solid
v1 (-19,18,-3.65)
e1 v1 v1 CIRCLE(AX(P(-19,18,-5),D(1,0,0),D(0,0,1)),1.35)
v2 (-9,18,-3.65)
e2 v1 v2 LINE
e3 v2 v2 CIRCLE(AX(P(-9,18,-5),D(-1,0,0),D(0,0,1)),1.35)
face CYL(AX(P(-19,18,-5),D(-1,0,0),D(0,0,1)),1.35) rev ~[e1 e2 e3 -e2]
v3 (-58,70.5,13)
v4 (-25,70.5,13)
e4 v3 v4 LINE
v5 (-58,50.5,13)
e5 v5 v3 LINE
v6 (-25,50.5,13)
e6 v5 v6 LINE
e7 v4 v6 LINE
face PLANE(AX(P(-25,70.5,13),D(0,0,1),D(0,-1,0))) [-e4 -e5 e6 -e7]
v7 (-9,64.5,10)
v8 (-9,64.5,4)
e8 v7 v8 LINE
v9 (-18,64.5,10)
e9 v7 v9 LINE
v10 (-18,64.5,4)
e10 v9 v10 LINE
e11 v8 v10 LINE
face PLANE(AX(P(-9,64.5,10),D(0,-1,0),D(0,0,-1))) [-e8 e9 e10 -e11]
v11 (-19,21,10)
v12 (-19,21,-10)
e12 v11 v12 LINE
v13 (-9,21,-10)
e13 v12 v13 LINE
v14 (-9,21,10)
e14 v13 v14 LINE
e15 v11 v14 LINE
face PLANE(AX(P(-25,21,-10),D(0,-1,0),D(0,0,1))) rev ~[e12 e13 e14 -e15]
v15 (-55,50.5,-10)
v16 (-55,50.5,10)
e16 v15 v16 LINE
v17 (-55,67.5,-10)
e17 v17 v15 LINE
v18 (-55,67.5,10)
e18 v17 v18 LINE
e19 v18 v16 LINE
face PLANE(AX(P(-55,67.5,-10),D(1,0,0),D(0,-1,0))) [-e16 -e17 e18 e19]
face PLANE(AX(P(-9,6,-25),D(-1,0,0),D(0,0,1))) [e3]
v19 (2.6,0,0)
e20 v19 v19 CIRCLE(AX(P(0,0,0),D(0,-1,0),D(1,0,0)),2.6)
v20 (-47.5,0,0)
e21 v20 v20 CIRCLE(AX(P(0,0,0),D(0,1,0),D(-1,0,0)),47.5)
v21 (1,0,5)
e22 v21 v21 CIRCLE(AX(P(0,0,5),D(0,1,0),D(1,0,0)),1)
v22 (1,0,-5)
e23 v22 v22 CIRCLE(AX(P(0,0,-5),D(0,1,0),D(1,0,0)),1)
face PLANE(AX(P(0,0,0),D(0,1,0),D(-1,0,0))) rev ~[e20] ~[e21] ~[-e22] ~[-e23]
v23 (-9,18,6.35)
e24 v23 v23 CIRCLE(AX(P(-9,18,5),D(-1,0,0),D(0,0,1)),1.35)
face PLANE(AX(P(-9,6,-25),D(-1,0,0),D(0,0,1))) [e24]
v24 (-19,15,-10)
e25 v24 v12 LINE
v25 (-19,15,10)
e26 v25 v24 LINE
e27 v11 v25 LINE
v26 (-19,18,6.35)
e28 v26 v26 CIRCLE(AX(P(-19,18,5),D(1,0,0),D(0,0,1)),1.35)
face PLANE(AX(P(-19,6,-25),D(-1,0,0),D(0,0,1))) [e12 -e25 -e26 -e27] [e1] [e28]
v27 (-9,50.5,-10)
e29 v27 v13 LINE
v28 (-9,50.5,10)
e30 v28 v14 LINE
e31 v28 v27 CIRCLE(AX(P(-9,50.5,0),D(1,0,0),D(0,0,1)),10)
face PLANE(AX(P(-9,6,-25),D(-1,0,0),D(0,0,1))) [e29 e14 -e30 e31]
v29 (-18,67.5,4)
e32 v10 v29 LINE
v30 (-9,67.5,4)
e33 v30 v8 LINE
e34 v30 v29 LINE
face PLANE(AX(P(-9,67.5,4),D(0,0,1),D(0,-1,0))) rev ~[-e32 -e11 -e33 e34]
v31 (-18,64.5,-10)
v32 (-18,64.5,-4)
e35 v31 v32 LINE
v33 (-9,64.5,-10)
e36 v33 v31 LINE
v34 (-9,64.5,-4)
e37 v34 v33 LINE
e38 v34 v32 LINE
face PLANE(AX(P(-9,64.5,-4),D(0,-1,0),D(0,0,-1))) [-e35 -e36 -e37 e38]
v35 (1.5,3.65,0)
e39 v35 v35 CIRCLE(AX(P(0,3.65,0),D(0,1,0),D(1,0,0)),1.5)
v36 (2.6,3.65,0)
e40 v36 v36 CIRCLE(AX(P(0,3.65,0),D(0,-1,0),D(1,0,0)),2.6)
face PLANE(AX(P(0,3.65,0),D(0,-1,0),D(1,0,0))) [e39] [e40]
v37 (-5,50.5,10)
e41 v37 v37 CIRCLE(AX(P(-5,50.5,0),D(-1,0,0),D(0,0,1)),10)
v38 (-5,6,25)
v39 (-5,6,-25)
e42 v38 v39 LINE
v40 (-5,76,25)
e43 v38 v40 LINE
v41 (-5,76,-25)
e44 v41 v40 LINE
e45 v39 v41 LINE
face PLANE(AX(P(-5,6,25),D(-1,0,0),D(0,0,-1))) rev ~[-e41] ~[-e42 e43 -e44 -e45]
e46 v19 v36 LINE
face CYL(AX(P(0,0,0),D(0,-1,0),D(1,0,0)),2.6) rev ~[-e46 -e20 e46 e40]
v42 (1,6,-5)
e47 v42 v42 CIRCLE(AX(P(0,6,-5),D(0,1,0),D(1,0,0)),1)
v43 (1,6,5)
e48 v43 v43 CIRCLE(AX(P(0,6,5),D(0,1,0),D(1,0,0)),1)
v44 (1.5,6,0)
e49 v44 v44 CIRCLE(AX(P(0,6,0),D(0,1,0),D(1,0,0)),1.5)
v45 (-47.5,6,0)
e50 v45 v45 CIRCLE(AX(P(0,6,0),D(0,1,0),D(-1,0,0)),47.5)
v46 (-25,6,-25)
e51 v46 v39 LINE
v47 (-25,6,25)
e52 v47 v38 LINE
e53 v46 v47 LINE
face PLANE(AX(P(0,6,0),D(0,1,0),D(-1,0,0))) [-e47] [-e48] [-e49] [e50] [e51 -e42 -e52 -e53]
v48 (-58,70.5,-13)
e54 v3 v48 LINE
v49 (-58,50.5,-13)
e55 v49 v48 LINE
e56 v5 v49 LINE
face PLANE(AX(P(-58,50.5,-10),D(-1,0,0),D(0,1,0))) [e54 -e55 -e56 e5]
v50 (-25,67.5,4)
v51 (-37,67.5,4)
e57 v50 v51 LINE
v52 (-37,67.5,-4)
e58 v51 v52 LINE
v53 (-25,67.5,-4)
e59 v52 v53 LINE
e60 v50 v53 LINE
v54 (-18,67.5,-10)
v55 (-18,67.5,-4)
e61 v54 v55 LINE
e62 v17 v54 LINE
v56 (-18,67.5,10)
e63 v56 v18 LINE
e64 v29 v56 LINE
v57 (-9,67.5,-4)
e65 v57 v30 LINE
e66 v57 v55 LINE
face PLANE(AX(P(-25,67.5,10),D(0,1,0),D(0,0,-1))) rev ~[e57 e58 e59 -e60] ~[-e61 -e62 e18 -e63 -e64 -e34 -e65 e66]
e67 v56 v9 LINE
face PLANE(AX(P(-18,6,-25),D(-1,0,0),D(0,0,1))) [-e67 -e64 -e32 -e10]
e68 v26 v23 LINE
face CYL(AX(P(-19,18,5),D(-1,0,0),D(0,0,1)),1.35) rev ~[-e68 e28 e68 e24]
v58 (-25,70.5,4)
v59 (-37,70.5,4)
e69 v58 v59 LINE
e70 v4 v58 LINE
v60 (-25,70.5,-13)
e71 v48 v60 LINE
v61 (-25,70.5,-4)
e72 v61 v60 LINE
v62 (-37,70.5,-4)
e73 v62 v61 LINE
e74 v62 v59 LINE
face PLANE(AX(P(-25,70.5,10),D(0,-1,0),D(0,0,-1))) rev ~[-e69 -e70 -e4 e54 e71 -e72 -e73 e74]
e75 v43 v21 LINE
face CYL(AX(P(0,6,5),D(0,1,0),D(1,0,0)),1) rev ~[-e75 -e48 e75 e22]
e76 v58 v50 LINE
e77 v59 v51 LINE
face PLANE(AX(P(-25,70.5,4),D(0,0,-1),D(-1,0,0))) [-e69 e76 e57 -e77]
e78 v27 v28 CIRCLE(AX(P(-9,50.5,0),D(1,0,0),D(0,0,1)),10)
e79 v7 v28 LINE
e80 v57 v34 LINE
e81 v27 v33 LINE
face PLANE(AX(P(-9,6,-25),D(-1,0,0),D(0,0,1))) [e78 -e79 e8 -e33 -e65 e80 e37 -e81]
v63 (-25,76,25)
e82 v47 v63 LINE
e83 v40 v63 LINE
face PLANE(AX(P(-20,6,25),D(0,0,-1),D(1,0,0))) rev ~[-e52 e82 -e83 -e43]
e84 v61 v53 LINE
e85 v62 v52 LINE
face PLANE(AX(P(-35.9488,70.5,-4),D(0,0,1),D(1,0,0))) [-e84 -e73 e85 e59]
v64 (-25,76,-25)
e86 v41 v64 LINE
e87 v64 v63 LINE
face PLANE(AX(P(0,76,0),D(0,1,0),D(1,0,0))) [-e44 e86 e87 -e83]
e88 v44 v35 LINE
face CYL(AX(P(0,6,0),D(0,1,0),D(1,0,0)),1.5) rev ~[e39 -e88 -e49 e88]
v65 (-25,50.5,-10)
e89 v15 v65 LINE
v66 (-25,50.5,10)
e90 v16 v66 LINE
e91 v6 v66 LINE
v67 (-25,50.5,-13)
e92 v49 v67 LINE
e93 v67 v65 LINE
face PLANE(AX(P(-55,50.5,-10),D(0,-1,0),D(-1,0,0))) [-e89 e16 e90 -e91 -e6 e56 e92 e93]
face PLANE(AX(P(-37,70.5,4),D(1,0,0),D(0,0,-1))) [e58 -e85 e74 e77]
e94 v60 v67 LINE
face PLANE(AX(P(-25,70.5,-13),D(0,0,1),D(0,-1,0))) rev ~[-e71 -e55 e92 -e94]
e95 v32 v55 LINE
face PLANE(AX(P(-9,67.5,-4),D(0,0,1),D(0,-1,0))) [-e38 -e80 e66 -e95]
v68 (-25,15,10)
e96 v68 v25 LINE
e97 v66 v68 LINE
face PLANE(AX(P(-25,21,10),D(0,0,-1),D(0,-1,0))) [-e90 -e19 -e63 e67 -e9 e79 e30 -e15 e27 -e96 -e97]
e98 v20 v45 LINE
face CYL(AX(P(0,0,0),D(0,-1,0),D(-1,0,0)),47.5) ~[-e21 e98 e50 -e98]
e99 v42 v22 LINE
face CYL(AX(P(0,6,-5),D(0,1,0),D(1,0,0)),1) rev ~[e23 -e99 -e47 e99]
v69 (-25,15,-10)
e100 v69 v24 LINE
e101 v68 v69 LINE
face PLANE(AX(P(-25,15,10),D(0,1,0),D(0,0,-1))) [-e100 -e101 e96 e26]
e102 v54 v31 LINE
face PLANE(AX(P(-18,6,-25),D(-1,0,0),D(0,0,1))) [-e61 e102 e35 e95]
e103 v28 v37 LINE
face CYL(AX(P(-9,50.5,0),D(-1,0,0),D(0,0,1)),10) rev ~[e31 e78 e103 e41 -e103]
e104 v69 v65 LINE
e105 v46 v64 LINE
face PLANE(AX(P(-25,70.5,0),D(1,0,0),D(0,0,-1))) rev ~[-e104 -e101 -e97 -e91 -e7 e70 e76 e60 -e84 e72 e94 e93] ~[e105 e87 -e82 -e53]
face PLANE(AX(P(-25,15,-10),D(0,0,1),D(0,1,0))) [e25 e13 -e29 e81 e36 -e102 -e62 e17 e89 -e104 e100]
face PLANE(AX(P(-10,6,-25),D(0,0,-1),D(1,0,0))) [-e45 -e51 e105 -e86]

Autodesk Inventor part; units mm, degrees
ref_plane "YZ Plane" through (0, 0, 0) normal (1, 0, 0) x (0, 1, 0)
ref_plane "XZ Plane" through (0, 0, 0) normal (0, 1, 0) x (-1, 0, 0)
ref_plane "XY Plane" through (0, 0, 0) normal (0, 0, 1) x (1, 0, 0)
sketch "Sketch1" plane through (0, 0, 0) normal (0, 1, 0) x (-1, 0, 0)
  circle A0 centre (0, 0) radius 47.5
  dimension "d0" = 95
extrude "Extrusion1" add sketch "Sketch1" along normal blind 6
sketch "Sketch2" plane through (0, 6, 0) normal (0, 1, 0) x (1, 0, 0)
  circle A0 centre (0, 0) radius 10
  circle A1 centre (0, 5) radius 1
  circle A2 centre (0, -5) radius 1
  dimension "d3" = 20
  dimension "d4" = 2
  dimension "d5" = 2
extrude "Extrusion2" cut sketch "Sketch2" against normal blind 23.4625 contours A1 | A2
sketch "Sketch3" plane through (0, 0, 0) normal (0, -1, 0) x (1, 0, 0)
  circle A0 centre (0, 0) radius 10
sketch "Sketch4" plane through (0, 6, 0) normal (0, 1, 0) x (1, 0, 0)
  line L0 (0, 0) -> (-10, 0)
  line L1 (-10, 0) -> (-10, 25)
  line L2 (-10, 25) -> (0, 25)
  line L3 (0, 25) -> (0, 0)
  line L4 (0, 0) -> (-5, 0)
  line L5 (-5, 0) -> (-5, 25)
  line L6 (-5, 25) -> (0, 25)
  line L7 (0, 25) -> (0, 0)
  line L8 (-5, 25) -> (-20, 25)
  line L9 (-20, 25) -> (-20, -25)
  line L10 (-20, -25) -> (-5, -25)
  line L11 (-5, -25) -> (-5, 25)
  line L12 (-5, 25) -> (-25, 25)
  line L13 (-25, 25) -> (-25, -25)
  line L14 (-25, -25) -> (-5, -25)
  line L15 (-5, -25) -> (-5, 25)
  dimension "d9" = 10
  dimension "d10" = 25
  dimension "d11" = 15
  dimension "d12" = 50
  dimension "d13" = 20
extrude "Extrusion3" add sketch "Sketch4" along normal blind 70 contours L11 L10 L9 L8 L1 L0 | L0 L1 L2 L5 | L14 L13 L12 L9
sketch "Sketch5" plane through (-25, 6, -25) normal (-1, 0, 0) x (0, 0, 1)
  line L0 (0, 0) -> (0, 70) projected
  line L1 (50, 0) -> (50, 70) projected
  line L2 (0, 70) -> (50, 70)
  line L3 (50, 70) -> (50, 0)
  line L4 (50, 0) -> (0, 0)
  line L5 (0, 0) -> (0, 70)
  line L6 (50, 70) -> (0, 70) projected
  line L7 (72.5, 0) -> (-22.5, 0) projected
  line L8 (0, 70) -> (25, 70)
  line L9 (25, 70) -> (25, 0)
  line L10 (25, 0) -> (0, 0)
  line L11 (0, 0) -> (0, 70)
  line L12 (25, 35) -> (15, 35)
  line L13 (15, 35) -> (15, 15)
  line L14 (15, 15) -> (25, 15)
  line L15 (25, 15) -> (25, 35)
  line L16 (15, 35) -> (25, 35)
  line L17 (25, 35) -> (25, 55)
  line L18 (25, 55) -> (15, 55)
  line L19 (15, 55) -> (15, 35)
  line L20 (15, 15) -> (35, 15)
  line L21 (35, 15) -> (35, 55)
  line L22 (35, 55) -> (15, 55)
  line L23 (15, 55) -> (15, 15)
  line L24 (15, 15) -> (35, 15)
  line L25 (35, 15) -> (35, 55.5)
  line L26 (35, 55.5) -> (15, 55.5)
  line L27 (15, 55.5) -> (15, 15)
  point P0 (25, -6)
  dimension "d16" = 10
  dimension "d17" = 20
  dimension "d18" = 20
  dimension "d19" = 20
  dimension "d20" = 40.5
extrude "Extrusion4" cut sketch "Sketch5" against normal blind 16 contours L14 L13 L12 L9 | L9 L22 L21 L20 | L26 L25 L22 L9 | L9 L18 L27 L26 | L12 L19 L18 L9
sketch "Sketch6" plane through (-25, 6, -25) normal (-1, 0, 0) x (0, 0, 1)
  line L0 (35, 15) -> (15, 15) projected
  line L1 (15, 15) -> (35, 15)
  line L2 (35, 15) -> (35, 9)
  line L3 (35, 9) -> (15, 9)
  line L4 (15, 9) -> (15, 15)
  line L5 (15, 55.5) -> (35, 55.5) projected
  line L6 (15, 55.5) -> (35, 55.5)
  line L7 (35, 55.5) -> (35, 61.5)
  line L8 (35, 61.5) -> (15, 61.5)
  line L9 (15, 61.5) -> (15, 55.5)
  point P0 (25, -6)
  dimension "d23" = 6
  dimension "d24" = 6
extrude "Extrusion5" cut sketch "Sketch6" against normal blind 6
sketch "Sketch7" plane through (-19, 6, -25) normal (-1, 0, 0) x (0, 0, 1)
  line L0 (35, 9) -> (15, 9) projected
  line L1 (35, 61.5) -> (35, 9) projected
  line L2 (15, 9) -> (35, 9)
  line L3 (35, 9) -> (35, 11.6)
  line L4 (35, 11.6) -> (15, 11.6)
  line L5 (15, 11.6) -> (15, 9)
  line L6 (15, 55.5) -> (15, 61.5) projected
  line L7 (35, 61.5) -> (35, 55.5) projected
  line L8 (15, 61.5) -> (35, 61.5)
  line L9 (35, 61.5) -> (35, 58.5)
  line L10 (35, 58.5) -> (15, 58.5)
  line L11 (15, 58.5) -> (15, 61.5)
  line L12 (15, 9) -> (15, 61.5) projected
  line L13 (15, 9) -> (35, 9)
  line L14 (35, 9) -> (35, 12)
  line L15 (35, 12) -> (15, 12)
  line L16 (15, 12) -> (15, 9)
  line L17 (35, 15) -> (15, 15) projected
  line L18 (25, 15) -> (20, 15)
  line L19 (20, 15) -> (20, 12)
  line L20 (20, 12) -> (25, 12)
  line L21 (25, 12) -> (25, 15)
  line L22 (25, 15) -> (30, 15)
  line L23 (30, 15) -> (30, 12)
  line L24 (30, 12) -> (25, 12)
  line L25 (25, 12) -> (25, 15)
  line L26 (15, 61.5) -> (35, 61.5) projected
  line L27 (25, 58.5) -> (20, 58.5)
  line L28 (20, 58.5) -> (20, 61.5)
  line L29 (20, 61.5) -> (25, 61.5)
  line L30 (25, 61.5) -> (25, 58.5)
  line L31 (25, 58.5) -> (30, 58.5)
  line L32 (30, 58.5) -> (30, 61.5)
  line L33 (30, 61.5) -> (25, 61.5)
  line L34 (25, 61.5) -> (25, 58.5)
  circle A0 centre (20, 12) radius 1.35
  circle A1 centre (30, 12) radius 1.35
  circle A2 centre (20, 58.5) radius 1.35
  circle A3 centre (30, 58.5) radius 1.35
  point P0 (25, -6)
  dimension "d27" = 2.6
  dimension "d28" = 3
  dimension "d29" = 3
  dimension "d30" = 5
  dimension "d31" = 5
  dimension "d32" = 2.7
  dimension "d33" = 2.7
  dimension "d34" = 2.7
  dimension "d35" = 2.7
extrude "Extrusion6" cut sketch "Sketch7" against normal blind 10 contours A1 L4 | L4 A1 L15 | A0 L15 L4 | L4 A0 | L15 L23 A1 | A0 L19 L15 | L15 A1 L23 | L15 L19 A0 | A3 L10 | L10 L32 A3 | A2 L28 L10 | L10 A2 | L10 A3 L32 | L28 A2 L10
thread "Thread1" size "M3x0.5" class "6H" standard "ANSI Metric M Profile" full length
thread "Thread2" size "M3x0.5" class "6H" standard "ANSI Metric M Profile" full length
thread "Thread3" size "M3x0.5" class "6H" standard "ANSI Metric M Profile" full length
thread "Thread4" size "M3x0.5" class "6H" standard "ANSI Metric M Profile" full length
sketch "Sketch8" plane through (-9, 6, -25) normal (-1, 0, 0) x (0, 0, 1)
  line L0 (15, 9) -> (15, 61.5) projected
  line L1 (35, 55.5) -> (35, 15) projected
  line L2 (15, 61.5) -> (35, 61.5)
  line L3 (35, 61.5) -> (35, 44.5)
  line L4 (35, 44.5) -> (15, 44.5)
  line L5 (15, 44.5) -> (15, 61.5)
  circle A0 centre (25, 44.5) radius 10
  point P0 (25, -6)
  dimension "d46" = 17
  dimension "d47" = 20
extrude "Extrusion7" cut sketch "Sketch8" against normal blind 15.4 contours A0 L4 | L4 A0
sketch "Sketch9" plane through (0, 6, 0) normal (0, 1, 0) x (1, 0, 0)
  circle A0 centre (0, 0) radius 1.5
  dimension "d50" = 3
extrude "Extrusion8" cut sketch "Sketch9" against normal blind 15.4
sketch "Sketch10" plane through (0, 0, 0) normal (0, -1, 0) x (1, 0, 0)
  circle A0 centre (0, 0) radius 2.6
  dimension "d53" = 5.2
extrude "Extrusion9" cut sketch "Sketch10" against normal blind 3.65
sketch "Sketch11" plane through (-19, 6, -25) normal (-1, 0, 0) x (0, 0, 1)
  line L0 (15, 55.5) -> (15, 61.5) projected
  line L1 (35, 55.5) -> (35, 44.5) projected
  line L2 (15, 61.5) -> (35, 61.5)
  line L3 (35, 61.5) -> (35, 55.5)
  line L4 (35, 55.5) -> (15, 55.5)
  line L5 (15, 55.5) -> (15, 61.5)
  point P0 (25, -6)
extrude "Extrusion10" cut sketch "Sketch11" against normal blind 10
sketch "Sketch12" plane through (-9, 6, -25) normal (-1, 0, 0) x (0, 0, 1)
  line L0 (15, 61.5) -> (35, 61.5) projected
  line L1 (35, 61.5) -> (35, 9) projected
  line L2 (15, 61.5) -> (35, 61.5)
  line L3 (35, 61.5) -> (35, 58.5)
  line L4 (35, 58.5) -> (15, 58.5)
  line L5 (15, 58.5) -> (15, 61.5)
  line L6 (15, 61.5) -> (21, 61.5)
  line L7 (21, 61.5) -> (21, 58.5)
  line L8 (21, 58.5) -> (15, 58.5)
  line L9 (15, 58.5) -> (15, 61.5)
  line L10 (15, 61.5) -> (35, 61.5) projected
  line L11 (35, 61.5) -> (29, 61.5)
  line L12 (29, 61.5) -> (29, 58.5)
  line L13 (29, 58.5) -> (35, 58.5)
  line L14 (35, 58.5) -> (35, 61.5)
  point P0 (25, -6)
  dimension "d58" = 3
  dimension "d59" = 6
  dimension "d60" = 6
extrude "Extrusion11" add sketch "Sketch12" along normal blind 12 contours L0 L7 L4 L5 | L0 L1 L4 L12
sketch "Sketch13" plane through (-25, 6, -25) normal (-1, 0, 0) x (0, 0, 1)
  line L0 (15, 61.5) -> (35, 61.5)
  line L1 (35, 61.5) -> (35, 64.5)
  line L2 (35, 64.5) -> (15, 64.5)
  line L3 (15, 64.5) -> (15, 61.5)
  line L4 (15, 64.5) -> (12, 64.5)
  line L5 (12, 64.5) -> (12, 44.5)
  line L6 (12, 44.5) -> (15, 44.5)
  line L7 (15, 44.5) -> (15, 64.5)
  line L8 (35, 64.5) -> (38, 64.5)
  line L9 (38, 64.5) -> (38, 44.5)
  line L10 (38, 44.5) -> (35, 44.5)
  line L11 (35, 44.5) -> (35, 64.5)
  point P0 (25, -6)
  dimension "d63" = 20
  dimension "d64" = 3
  dimension "d65" = 3
  dimension "d66" = 20
  dimension "d67" = 3
sketch "Sketch14" plane through (-25, 6, -25) normal (-1, 0, 0) x (0, 0, 1)
  point P0 (25, -6)
sketch "Sketch15" plane through (-25, 15, -10) normal (0, 0, 1) x (1, 0, 0)
  point P0 (25, -15)
extrude "Extrusion12" add sketch "Sketch13" along normal blind 30
sketch "Sketch16" plane through (-55, 6, -25) normal (-1, 0, 0) x (0, 0, 1)
  line L0 (12, 44.5) -> (15, 44.5) projected
  line L1 (38, 64.5) -> (12, 64.5) projected
  line L2 (12, 44.5) -> (15, 44.5)
  line L3 (15, 44.5) -> (15, 64.5)
  line L4 (15, 64.5) -> (12, 64.5)
  line L5 (12, 64.5) -> (12, 44.5)
  line L6 (38, 44.5) -> (38, 64.5) projected
  line L7 (12, 64.5) -> (38, 64.5)
  line L8 (38, 64.5) -> (38, 61.5)
  line L9 (38, 61.5) -> (12, 61.5)
  line L10 (12, 61.5) -> (12, 64.5)
  line L11 (35, 44.5) -> (38, 44.5) projected
  line L12 (38, 64.5) -> (35, 64.5)
  line L13 (35, 64.5) -> (35, 44.5)
  line L14 (35, 44.5) -> (38, 44.5)
  line L15 (38, 44.5) -> (38, 64.5)
  point P0 (25, -6)
  point P1 (15, 61.5)
  point P2 (35, 61.5)
  dimension "d70" = 3
  dimension "d71" = 3
extrude "Extrusion13" add sketch "Sketch16" along normal blind 3
sketch "Sketch17" plane through (-19, 21, -10) normal (0, 0, 1) x (1, 0, 0)
  line L0 (-39, 46.5) -> (-2, 46.5) projected
  line L1 (-6, 29.5) -> (-39, 29.5) projected
  line L2 (-39, 46.5) -> (-36, 46.5)
  line L3 (-36, 46.5) -> (-36, 29.5)
  line L4 (-36, 29.5) -> (-39, 29.5)
  line L5 (-39, 29.5) -> (-39, 46.5)
  point P0 (19, -21)
  dimension "d74" = 3
extrude "Extrusion14" add sketch "Sketch17" along normal blind 20
sketch "Sketch18" plane through (-58, 6, -25) normal (-1, 0, 0) x (0, 0, 1)
  point P0 (25, -6)
sketch "Sketch19" plane through (-25, 70.5, 13) normal (0, 1, 0) x (1, 0, 0)
  line L0 (0, 26) -> (-33, 26) projected
  line L1 (0, 26) -> (-10.9488, 26)
  line L2 (-10.9488, 26) -> (-10.9488, 13)
  line L3 (-10.9488, 13) -> (0, 13)
  line L4 (0, 13) -> (0, 26)
  line L5 (0, 13) -> (-12, 13)
  line L6 (-12, 13) -> (-12, 17)
  line L7 (-12, 17) -> (0, 17)
  line L8 (0, 17) -> (0, 13)
  line L9 (0, 26) -> (0, 0) projected
  line L10 (-12, 13) -> (0, 13)
  line L11 (0, 13) -> (0, 9)
  line L12 (0, 9) -> (-12, 9)
  line L13 (-12, 9) -> (-12, 13)
  point P0 (25, 13)
  dimension "d77" = 12
  dimension "d78" = 4
  dimension "d79" = 4
extrude "Extrusion15" cut sketch "Sketch19" against normal blind 4 contours L4 L3 L2 L7 | L2 L5 L6 L7 | L9 L12 L13 L5 L3
sketch "Sketch20" plane through (-21, 6, -25) normal (-1, 0, 0) x (0, 0, 1)
  line L0 (15, 58.5) -> (21, 58.5) projected
  line L1 (15, 61.5) -> (21, 61.5) projected
  line L2 (15, 58.5) -> (21, 58.5)
  line L3 (21, 58.5) -> (21, 61.5)
  line L4 (21, 61.5) -> (15, 61.5)
  line L5 (15, 61.5) -> (15, 58.5)
  line L6 (29, 61.5) -> (35, 61.5) projected
  line L7 (29, 61.5) -> (35, 61.5)
  line L8 (35, 61.5) -> (35, 58.5)
  line L9 (35, 58.5) -> (29, 58.5)
  line L10 (29, 58.5) -> (29, 61.5)
  point P0 (25, -6)
extrude "Extrusion16" cut sketch "Sketch20" against normal blind 3
properties part number "Base top w servo housing"
